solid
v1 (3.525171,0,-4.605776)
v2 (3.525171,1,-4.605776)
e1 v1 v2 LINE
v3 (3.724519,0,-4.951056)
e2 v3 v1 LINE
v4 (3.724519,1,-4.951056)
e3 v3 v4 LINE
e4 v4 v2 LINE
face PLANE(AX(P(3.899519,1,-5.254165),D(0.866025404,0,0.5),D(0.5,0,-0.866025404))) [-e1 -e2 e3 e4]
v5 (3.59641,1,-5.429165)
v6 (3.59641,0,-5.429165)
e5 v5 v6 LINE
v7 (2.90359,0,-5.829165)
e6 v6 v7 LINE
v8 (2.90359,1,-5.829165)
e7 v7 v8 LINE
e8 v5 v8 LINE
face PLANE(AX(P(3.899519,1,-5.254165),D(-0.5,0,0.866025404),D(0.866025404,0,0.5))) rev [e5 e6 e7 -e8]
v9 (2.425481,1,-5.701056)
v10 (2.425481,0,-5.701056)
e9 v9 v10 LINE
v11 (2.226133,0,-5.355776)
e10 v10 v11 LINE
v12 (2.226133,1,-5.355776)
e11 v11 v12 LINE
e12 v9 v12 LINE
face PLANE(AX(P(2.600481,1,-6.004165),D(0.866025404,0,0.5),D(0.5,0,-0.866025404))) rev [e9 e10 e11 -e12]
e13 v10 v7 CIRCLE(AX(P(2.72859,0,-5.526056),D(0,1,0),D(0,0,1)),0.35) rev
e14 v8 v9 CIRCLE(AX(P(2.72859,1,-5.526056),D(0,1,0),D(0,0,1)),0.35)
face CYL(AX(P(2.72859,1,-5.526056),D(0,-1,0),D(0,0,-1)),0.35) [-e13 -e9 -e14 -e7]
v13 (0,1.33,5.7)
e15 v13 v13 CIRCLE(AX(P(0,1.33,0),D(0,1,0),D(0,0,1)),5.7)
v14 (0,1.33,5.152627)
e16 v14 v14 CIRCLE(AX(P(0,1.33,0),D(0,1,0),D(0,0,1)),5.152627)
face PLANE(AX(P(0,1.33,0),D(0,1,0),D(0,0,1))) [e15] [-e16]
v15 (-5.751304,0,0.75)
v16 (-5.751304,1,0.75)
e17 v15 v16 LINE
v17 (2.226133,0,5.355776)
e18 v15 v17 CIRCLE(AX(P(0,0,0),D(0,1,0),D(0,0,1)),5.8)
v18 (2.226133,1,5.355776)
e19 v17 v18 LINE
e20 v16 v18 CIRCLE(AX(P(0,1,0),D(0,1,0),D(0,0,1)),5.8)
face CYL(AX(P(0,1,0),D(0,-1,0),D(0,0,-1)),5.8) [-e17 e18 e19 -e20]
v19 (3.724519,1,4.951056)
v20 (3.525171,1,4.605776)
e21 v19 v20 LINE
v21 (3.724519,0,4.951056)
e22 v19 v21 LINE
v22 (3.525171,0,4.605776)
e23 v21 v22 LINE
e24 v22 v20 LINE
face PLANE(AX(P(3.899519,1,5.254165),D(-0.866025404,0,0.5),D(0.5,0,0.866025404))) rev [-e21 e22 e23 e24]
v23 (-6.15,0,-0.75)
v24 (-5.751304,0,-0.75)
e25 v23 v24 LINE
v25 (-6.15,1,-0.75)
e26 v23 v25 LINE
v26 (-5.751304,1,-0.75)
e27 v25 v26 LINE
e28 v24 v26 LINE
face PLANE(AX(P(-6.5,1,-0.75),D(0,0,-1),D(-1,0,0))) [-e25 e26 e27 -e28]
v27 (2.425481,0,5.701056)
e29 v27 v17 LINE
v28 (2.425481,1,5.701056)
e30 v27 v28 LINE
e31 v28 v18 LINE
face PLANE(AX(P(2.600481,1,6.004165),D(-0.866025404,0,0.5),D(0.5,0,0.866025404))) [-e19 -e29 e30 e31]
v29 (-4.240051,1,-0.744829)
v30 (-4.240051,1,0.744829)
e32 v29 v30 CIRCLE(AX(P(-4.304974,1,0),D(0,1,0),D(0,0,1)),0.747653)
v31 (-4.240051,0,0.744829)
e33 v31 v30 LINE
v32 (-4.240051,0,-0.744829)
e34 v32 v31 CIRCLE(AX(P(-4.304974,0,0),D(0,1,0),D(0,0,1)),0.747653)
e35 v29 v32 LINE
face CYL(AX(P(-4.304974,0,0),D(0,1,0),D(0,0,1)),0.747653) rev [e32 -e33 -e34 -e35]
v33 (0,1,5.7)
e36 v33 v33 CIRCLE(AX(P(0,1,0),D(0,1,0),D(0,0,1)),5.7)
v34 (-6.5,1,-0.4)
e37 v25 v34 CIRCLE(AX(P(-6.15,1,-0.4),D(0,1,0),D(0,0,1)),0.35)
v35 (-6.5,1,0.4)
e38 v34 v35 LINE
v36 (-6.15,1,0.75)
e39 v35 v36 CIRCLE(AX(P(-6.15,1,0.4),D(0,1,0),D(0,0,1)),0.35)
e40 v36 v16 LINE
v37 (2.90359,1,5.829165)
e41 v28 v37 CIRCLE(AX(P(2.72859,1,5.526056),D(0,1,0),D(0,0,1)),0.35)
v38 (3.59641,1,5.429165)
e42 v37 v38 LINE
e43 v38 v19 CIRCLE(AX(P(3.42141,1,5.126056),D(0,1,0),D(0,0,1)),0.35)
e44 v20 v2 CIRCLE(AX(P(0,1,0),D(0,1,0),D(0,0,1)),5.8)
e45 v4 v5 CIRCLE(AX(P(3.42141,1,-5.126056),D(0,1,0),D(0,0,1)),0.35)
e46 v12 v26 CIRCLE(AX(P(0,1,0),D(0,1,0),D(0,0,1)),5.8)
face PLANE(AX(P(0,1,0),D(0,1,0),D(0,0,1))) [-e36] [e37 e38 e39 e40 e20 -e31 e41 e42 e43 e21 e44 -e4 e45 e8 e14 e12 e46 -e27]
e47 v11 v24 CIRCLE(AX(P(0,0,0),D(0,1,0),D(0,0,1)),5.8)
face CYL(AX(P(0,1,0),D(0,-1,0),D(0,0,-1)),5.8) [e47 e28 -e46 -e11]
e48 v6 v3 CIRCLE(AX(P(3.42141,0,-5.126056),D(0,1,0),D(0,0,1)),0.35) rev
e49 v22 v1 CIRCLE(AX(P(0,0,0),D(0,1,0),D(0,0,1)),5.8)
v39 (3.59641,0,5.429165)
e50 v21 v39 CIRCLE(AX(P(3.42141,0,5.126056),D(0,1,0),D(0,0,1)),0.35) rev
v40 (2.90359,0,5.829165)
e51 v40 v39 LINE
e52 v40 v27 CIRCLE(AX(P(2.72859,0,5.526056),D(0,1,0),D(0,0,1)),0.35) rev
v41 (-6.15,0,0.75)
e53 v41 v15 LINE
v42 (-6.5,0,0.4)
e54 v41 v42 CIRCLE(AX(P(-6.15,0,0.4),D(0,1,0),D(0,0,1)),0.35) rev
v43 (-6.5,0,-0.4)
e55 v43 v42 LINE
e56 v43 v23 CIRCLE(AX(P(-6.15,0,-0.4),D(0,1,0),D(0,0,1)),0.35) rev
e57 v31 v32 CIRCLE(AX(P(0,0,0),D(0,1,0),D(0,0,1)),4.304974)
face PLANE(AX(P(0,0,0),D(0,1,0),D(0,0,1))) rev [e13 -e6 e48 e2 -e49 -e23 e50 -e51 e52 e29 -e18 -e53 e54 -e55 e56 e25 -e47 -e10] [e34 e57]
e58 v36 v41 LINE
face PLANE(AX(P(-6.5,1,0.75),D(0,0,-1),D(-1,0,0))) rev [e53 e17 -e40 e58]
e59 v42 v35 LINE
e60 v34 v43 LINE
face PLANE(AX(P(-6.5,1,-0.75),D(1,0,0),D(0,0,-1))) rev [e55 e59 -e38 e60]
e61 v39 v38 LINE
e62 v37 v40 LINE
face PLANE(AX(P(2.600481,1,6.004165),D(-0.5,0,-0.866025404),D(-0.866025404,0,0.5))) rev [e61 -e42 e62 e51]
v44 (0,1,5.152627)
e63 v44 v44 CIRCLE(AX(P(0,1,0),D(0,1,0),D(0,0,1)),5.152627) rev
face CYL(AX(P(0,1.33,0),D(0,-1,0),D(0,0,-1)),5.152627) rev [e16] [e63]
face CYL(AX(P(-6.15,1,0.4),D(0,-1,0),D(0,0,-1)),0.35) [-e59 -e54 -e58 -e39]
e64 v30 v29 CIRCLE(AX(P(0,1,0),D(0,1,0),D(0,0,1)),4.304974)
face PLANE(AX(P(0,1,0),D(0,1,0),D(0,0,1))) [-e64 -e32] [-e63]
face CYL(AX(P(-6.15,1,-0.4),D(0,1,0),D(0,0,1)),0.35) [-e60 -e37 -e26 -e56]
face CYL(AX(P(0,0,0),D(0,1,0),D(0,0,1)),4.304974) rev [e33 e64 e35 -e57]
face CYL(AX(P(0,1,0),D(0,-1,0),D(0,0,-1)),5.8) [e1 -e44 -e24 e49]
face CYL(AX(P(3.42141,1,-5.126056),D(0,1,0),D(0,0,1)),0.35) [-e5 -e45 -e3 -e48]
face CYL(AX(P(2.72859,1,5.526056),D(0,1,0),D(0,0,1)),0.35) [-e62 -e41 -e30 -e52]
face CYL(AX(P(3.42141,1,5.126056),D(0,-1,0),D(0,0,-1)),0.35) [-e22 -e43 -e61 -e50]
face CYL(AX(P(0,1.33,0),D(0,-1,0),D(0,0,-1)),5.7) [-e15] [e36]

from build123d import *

# Parameters (mm, degrees)
SKIZZE1_R                       = 5.8
AUFSATZ_LINEAR_AUSTRAGEN1_DEPTH = 1
SKIZZE1_3_W                     = 1.261937381
SKIZZE1_3_H                     = 1.5
AUFSATZ_LINEAR_AUSTRAGEN2_DEPTH = 1
SKIZZE4_R                       = 4.304974062
SCHNITT_LINEAR_AUSTRAGEN1_DEPTH = 1
SKIZZE5_R                       = 0.747652737
SCHNITT_LINEAR_AUSTRAGEN2_DEPTH = 1
KREISMUSTER1_COUNT              = 3
VERRUNDUNG2_R                   = 0.35
SKIZZE6_R                       = 5.7
SKIZZE6_R_2                     = 5.1526268
AUFSATZ_LINEAR_AUSTRAGEN3_DEPTH = 0.33


with BuildPart() as part:
    # Skizze1 → Aufsatz-Linear austragen1 (new body)
    with BuildSketch(Plane(origin=(0, 0, 0), x_dir=(1, 0, 0), z_dir=(0, 1, 0))):
        Circle(SKIZZE1_R)
    extrude(amount=AUFSATZ_LINEAR_AUSTRAGEN1_DEPTH)

    # Skizze1<3> → Aufsatz-Linear austragen2 (add)
    with BuildSketch(Plane(origin=(0, 0, 0), x_dir=(1, 0, 0), z_dir=(0, 1, 0))):
        with Locations((-5.86903131, 0)):
            Rectangle(SKIZZE1_3_W, SKIZZE1_3_H)
    aufsatz_linear_austragen2 = extrude(amount=AUFSATZ_LINEAR_AUSTRAGEN2_DEPTH)

    # Skizze4 → Schnitt-Linear austragen1 (cut)
    with BuildSketch(Plane(origin=(0, 1, 0), x_dir=(1, 0, 0), z_dir=(0, 1, 0))):
        Circle(SKIZZE4_R)
    extrude(amount=-SCHNITT_LINEAR_AUSTRAGEN1_DEPTH, mode=Mode.SUBTRACT)

    # Skizze5 → Schnitt-Linear austragen2 (cut)
    with BuildSketch(Plane(origin=(0, 1, 0), x_dir=(1, 0, 0), z_dir=(0, 1, 0))):
        with Locations((-4.304974062, 0)):
            Circle(SKIZZE5_R)
    extrude(amount=-SCHNITT_LINEAR_AUSTRAGEN2_DEPTH, mode=Mode.SUBTRACT)

    # Kreismuster1: Aufsatz-Linear austragen2 ×3 about axis
    kreismuster1_axis = Axis((0, 0, 0), (0, 1, 0))
    for i in range(1, KREISMUSTER1_COUNT):
        add(aufsatz_linear_austragen2.rotate(kreismuster1_axis, i * 360 / KREISMUSTER1_COUNT))

    # Verrundung2
    verrundung2_edges = [part.edges().sort_by_distance(p)[0] for p in [
        (-6.5, 0.5, 0.75),
        (-6.5, 0.5, -0.75),
        (3.899519053, 0.5, 5.254165125),
        (2.600480947, 0.5, 6.004165125),
        (2.600480947, 0.5, -6.004165125),
        (3.899519053, 0.5, -5.254165125),
    ]]
    fillet(verrundung2_edges, radius=VERRUNDUNG2_R)

    # Skizze6 → Aufsatz-Linear austragen3 (add)
    with BuildSketch(Plane(origin=(0, 1, 0), x_dir=(1, 0, 0), z_dir=(0, 1, 0))):
        Circle(SKIZZE6_R)
        Circle(SKIZZE6_R_2, mode=Mode.SUBTRACT)
    extrude(amount=AUFSATZ_LINEAR_AUSTRAGEN3_DEPTH)


solid = part.part
